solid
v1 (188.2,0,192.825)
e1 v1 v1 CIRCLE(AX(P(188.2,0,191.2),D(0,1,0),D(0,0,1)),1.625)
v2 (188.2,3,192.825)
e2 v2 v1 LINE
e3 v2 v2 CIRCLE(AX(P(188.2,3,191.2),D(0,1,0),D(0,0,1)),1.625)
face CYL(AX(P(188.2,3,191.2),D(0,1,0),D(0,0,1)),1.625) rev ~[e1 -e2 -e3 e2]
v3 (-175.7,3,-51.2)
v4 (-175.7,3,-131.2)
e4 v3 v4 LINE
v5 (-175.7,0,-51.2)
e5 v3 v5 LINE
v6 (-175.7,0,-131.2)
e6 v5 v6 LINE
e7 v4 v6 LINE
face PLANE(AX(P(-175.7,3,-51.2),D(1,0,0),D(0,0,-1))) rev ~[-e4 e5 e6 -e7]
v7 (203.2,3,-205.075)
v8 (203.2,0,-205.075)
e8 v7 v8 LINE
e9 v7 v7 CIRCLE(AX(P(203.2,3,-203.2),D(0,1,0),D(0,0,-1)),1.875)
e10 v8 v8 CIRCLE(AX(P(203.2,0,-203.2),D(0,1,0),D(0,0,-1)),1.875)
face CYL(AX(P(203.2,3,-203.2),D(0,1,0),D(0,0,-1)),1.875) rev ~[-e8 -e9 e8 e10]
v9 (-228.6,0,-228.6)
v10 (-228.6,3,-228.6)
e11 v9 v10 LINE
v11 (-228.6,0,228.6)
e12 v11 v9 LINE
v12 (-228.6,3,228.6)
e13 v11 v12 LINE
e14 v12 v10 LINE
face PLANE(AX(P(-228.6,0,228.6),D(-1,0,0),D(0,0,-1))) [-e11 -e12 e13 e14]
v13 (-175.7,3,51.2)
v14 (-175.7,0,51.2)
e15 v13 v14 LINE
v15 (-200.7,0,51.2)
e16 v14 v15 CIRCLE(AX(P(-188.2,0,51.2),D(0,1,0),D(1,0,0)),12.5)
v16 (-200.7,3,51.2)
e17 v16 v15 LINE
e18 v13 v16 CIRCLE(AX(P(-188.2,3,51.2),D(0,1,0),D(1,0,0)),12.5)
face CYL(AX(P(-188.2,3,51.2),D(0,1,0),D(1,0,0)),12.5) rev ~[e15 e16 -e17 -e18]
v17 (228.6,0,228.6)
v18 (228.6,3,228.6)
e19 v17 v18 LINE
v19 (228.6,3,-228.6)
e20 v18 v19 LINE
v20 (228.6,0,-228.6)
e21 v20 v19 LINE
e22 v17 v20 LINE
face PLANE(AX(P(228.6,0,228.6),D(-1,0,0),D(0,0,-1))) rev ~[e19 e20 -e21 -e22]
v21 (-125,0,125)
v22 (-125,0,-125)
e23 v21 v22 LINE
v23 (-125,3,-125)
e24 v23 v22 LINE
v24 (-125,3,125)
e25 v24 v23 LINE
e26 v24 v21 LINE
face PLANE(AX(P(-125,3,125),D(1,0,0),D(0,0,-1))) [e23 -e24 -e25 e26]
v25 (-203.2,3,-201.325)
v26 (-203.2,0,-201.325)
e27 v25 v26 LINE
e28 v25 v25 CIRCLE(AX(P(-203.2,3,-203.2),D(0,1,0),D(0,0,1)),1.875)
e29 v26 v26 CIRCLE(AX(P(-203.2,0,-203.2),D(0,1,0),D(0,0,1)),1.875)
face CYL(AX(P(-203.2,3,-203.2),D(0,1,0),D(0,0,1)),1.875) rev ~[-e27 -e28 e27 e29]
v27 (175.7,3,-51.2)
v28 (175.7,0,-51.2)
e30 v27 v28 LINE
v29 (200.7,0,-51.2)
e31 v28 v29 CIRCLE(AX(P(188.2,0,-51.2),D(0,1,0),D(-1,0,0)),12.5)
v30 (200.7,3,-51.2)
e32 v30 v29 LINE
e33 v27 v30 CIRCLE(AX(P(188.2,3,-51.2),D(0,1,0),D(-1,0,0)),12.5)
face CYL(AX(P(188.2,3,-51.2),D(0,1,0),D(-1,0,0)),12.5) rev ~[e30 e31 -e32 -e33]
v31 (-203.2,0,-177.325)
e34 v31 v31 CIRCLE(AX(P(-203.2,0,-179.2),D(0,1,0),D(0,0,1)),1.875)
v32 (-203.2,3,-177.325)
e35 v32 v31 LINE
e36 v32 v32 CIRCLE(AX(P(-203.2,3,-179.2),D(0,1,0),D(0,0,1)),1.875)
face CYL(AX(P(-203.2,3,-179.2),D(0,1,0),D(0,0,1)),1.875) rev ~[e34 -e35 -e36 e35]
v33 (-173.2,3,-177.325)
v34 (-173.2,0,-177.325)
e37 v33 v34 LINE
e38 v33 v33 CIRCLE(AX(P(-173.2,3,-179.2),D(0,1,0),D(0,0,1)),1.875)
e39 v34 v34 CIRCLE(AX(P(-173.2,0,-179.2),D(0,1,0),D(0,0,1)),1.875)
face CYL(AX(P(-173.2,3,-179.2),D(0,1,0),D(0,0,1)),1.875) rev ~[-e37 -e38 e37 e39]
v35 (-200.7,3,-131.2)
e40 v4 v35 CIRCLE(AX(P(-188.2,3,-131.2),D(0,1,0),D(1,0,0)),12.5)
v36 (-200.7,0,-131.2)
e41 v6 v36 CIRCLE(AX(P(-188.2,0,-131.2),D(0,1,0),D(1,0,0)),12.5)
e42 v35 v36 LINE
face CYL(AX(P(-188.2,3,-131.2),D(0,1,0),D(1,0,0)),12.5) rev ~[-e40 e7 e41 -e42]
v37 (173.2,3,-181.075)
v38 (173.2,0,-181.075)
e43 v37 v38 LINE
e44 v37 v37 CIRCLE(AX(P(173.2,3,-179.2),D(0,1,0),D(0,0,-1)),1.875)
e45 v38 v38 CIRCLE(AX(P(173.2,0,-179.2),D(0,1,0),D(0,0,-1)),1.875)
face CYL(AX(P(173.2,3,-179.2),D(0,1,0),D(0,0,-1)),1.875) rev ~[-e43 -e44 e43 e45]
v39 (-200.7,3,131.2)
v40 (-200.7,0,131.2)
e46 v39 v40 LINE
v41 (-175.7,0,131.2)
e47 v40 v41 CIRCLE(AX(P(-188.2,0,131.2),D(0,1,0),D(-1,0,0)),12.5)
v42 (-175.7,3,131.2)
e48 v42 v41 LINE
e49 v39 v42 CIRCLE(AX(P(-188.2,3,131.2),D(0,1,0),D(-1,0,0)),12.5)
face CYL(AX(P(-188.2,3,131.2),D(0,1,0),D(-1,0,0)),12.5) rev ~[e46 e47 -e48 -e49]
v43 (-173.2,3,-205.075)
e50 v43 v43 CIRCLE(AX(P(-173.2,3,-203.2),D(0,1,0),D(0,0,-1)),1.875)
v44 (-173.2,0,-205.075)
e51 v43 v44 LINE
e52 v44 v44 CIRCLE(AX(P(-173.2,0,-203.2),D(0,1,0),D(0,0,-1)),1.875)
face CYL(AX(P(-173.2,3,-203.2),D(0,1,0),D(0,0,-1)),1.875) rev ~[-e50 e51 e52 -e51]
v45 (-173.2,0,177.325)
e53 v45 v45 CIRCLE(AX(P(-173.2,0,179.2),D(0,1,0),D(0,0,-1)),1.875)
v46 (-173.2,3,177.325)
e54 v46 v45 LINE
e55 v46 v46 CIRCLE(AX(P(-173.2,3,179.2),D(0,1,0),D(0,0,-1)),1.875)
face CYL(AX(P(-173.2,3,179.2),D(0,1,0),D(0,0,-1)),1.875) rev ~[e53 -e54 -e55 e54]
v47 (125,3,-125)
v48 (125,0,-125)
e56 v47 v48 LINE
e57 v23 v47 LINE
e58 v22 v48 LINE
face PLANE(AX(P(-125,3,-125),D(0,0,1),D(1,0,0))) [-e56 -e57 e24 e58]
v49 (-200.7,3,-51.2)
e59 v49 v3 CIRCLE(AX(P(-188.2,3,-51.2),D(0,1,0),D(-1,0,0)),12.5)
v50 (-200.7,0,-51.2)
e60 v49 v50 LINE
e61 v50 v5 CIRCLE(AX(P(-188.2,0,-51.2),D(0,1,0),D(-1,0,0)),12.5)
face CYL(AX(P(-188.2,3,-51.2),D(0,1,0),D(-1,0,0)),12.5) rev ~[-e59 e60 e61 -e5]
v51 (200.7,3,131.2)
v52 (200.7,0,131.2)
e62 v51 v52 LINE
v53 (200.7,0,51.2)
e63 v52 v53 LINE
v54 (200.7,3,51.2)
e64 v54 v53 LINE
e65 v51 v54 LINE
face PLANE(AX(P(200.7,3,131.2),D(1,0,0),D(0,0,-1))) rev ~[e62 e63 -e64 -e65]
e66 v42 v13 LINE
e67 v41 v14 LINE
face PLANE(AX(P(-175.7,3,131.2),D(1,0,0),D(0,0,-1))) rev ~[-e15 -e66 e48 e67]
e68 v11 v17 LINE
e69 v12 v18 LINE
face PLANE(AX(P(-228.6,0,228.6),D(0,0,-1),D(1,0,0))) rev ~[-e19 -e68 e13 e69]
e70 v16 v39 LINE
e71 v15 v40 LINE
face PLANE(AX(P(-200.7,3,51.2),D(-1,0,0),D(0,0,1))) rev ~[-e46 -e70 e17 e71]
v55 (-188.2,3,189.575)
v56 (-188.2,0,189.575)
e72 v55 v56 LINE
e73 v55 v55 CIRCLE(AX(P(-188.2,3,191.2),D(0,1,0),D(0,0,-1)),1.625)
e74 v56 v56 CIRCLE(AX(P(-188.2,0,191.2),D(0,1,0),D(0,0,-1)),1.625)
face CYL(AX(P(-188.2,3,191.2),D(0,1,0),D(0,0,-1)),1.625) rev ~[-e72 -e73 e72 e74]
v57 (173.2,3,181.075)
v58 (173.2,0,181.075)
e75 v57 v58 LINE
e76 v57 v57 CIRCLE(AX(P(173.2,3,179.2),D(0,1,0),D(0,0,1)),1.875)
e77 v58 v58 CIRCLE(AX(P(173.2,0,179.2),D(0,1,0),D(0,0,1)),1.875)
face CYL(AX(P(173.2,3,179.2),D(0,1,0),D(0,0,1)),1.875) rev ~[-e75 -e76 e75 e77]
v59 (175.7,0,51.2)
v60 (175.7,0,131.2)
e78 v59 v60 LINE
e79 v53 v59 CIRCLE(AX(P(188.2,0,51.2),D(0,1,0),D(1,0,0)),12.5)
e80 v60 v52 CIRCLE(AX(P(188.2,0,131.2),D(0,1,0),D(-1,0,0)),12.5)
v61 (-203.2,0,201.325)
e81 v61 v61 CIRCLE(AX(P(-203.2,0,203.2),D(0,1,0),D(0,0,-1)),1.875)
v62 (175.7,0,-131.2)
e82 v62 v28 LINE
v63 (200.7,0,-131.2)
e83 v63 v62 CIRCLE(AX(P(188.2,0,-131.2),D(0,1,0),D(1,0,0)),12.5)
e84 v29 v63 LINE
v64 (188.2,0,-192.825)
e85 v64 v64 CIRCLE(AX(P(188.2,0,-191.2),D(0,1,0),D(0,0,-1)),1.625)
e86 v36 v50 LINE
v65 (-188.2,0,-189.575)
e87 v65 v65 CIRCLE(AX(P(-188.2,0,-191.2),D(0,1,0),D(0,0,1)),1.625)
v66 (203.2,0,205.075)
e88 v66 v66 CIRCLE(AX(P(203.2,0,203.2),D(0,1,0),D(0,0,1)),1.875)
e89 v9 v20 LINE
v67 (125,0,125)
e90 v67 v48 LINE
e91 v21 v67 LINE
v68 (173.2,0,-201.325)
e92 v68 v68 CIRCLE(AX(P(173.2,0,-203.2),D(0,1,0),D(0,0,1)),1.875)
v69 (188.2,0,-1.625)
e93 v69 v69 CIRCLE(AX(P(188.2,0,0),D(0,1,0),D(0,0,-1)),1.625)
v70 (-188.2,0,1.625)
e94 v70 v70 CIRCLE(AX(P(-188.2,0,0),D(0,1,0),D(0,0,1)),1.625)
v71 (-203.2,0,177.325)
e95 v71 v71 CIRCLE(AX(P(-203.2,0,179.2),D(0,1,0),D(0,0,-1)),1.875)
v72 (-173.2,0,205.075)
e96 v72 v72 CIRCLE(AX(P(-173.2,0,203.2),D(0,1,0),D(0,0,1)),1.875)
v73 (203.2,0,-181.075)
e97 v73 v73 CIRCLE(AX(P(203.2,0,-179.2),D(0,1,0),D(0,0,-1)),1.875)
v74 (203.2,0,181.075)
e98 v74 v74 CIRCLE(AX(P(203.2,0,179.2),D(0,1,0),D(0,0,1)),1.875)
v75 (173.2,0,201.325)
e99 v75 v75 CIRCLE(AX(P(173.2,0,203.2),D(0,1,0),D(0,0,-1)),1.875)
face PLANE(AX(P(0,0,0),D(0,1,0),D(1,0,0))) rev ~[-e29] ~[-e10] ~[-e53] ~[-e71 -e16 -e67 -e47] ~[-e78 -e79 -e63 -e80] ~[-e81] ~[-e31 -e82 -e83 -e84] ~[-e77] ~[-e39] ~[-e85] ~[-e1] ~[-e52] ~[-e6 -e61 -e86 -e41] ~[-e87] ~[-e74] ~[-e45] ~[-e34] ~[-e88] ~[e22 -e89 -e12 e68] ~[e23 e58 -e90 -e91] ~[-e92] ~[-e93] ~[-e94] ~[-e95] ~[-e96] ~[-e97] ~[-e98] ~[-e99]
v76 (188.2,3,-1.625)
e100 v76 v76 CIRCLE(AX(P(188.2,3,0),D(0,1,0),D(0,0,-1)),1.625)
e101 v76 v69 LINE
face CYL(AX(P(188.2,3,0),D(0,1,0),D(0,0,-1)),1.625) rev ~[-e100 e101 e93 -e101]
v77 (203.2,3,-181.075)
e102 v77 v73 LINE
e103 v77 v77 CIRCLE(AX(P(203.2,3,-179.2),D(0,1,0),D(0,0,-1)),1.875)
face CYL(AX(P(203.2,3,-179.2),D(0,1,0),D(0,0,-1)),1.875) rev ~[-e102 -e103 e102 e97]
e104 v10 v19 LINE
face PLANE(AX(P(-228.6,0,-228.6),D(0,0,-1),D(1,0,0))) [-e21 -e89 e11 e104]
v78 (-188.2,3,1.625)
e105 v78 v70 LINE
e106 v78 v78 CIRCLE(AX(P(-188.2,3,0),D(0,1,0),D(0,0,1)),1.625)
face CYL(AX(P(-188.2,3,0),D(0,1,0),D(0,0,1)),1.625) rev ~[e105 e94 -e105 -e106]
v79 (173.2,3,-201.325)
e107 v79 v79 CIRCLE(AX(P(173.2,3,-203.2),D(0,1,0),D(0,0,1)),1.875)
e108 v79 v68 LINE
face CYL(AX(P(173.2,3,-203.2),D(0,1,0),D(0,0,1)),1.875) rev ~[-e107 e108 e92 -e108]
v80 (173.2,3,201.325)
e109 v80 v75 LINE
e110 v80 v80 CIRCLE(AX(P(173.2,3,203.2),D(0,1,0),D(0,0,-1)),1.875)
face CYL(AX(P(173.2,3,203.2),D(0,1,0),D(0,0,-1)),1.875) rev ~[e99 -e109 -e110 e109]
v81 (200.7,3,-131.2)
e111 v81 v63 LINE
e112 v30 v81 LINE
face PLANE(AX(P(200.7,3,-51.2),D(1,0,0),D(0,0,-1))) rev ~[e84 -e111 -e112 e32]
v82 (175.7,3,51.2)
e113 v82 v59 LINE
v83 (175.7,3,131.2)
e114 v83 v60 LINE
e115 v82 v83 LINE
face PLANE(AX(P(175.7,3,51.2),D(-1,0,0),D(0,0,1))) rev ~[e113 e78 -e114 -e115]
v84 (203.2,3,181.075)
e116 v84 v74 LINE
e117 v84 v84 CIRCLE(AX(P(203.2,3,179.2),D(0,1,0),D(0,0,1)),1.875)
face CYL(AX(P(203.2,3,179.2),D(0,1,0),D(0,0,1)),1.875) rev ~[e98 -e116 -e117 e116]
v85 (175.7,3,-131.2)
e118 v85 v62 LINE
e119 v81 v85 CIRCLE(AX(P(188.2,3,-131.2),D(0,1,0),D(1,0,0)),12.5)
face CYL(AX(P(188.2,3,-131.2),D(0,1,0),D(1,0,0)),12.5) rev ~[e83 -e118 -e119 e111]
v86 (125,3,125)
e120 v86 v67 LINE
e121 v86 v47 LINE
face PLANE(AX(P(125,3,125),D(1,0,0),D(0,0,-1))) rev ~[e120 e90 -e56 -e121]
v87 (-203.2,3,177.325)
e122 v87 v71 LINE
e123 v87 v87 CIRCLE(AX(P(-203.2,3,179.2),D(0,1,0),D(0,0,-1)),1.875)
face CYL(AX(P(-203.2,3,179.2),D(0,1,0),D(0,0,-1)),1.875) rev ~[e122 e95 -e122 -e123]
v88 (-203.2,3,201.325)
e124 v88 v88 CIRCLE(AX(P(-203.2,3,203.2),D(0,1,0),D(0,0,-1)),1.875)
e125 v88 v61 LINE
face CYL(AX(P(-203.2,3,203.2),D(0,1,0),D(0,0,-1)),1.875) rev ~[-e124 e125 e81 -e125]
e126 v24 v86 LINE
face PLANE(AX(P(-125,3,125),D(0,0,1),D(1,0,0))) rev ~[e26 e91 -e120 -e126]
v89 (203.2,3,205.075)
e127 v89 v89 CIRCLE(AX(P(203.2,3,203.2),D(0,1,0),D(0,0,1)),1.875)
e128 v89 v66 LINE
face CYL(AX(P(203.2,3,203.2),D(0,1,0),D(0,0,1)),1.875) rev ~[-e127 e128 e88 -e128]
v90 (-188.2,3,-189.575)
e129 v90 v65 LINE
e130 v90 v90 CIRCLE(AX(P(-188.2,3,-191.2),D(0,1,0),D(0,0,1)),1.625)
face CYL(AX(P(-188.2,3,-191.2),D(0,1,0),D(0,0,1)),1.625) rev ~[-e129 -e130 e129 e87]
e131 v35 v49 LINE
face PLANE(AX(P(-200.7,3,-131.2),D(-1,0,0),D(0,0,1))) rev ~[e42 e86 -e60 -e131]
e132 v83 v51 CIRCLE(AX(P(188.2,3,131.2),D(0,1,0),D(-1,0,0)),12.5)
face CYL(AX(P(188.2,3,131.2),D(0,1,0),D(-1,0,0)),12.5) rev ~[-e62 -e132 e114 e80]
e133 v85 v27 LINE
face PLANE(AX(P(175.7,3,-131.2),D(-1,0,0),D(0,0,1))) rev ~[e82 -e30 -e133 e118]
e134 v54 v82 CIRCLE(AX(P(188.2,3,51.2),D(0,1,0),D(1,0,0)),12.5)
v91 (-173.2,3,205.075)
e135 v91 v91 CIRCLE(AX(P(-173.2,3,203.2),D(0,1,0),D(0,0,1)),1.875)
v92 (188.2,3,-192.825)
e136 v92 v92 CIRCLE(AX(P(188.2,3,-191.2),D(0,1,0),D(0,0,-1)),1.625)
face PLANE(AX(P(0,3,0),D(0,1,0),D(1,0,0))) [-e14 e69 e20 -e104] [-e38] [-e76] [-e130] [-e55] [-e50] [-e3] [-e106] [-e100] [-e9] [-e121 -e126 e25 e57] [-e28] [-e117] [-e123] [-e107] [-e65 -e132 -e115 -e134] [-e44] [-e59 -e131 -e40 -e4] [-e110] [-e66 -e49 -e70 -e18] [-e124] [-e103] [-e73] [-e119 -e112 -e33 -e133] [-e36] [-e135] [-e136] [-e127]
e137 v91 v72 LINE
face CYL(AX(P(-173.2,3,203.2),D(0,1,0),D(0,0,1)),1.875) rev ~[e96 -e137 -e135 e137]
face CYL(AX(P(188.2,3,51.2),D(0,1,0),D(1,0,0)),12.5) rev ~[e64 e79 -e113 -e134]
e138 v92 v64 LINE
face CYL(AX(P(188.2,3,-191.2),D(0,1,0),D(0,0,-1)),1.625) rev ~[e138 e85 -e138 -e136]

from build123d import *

# Parameters (mm, degrees)
SKETCH1_W           = 457.2
SKETCH1_H           = 457.2
BOSS_EXTRUDE1_DEPTH = 3
SKETCH2_R           = 1.875
CUT_EXTRUDE2_DEPTH  = 324.303139484
SKETCH3_R           = 1.625
CUT_EXTRUDE3_DEPTH  = 324.303139484
CUT_EXTRUDE4_DEPTH  = 324.303139484
SKETCH5_W           = 250
SKETCH5_H           = 250
CUT_EXTRUDE5_DEPTH  = 324.303139484


with BuildPart() as part:
    # Sketch1 → Boss-Extrude1 (new body)
    with BuildSketch(Plane(origin=(0, 0, 0), x_dir=(1, 0, 0), z_dir=(0, 1, 0))):
        Rectangle(SKETCH1_W, SKETCH1_H)
    extrude(amount=BOSS_EXTRUDE1_DEPTH)

    # Sketch2 → Cut-Extrude2 (cut, through all)
    with BuildSketch(Plane(origin=(0, 3, 0), x_dir=(1, 0, 0), z_dir=(0, 1, 0))):
        with Locations(Location((-173.2, 203.2, 0), (0, 0, 90))):
            Circle(SKETCH2_R)
        with Locations(Location((173.2, 203.2, 0), (0, 0, 270))):
            Circle(SKETCH2_R)
        with Locations(Location((-173.2, -203.2, 0), (0, 0, 270))):
            Circle(SKETCH2_R)
        with Locations(Location((-203.2, 203.2, 0), (0, 0, 270))):
            Circle(SKETCH2_R)
        with Locations(Location((-203.2, 179.2, 0), (0, 0, 270))):
            Circle(SKETCH2_R)
        with Locations(Location((-173.2, 179.2, 0), (0, 0, 270))):
            Circle(SKETCH2_R)
        with Locations(Location((-173.2, -179.2, 0), (0, 0, 90))):
            Circle(SKETCH2_R)
        with Locations(Location((-203.2, -179.2, 0), (0, 0, 90))):
            Circle(SKETCH2_R)
        with Locations(Location((-203.2, -203.2, 0), (0, 0, 90))):
            Circle(SKETCH2_R)
        with Locations(Location((173.2, 179.2, 0), (0, 0, 90))):
            Circle(SKETCH2_R)
        with Locations(Location((203.2, 179.2, 0), (0, 0, 90))):
            Circle(SKETCH2_R)
        with Locations(Location((203.2, 203.2, 0), (0, 0, 90))):
            Circle(SKETCH2_R)
        with Locations(Location((203.2, -203.2, 0), (0, 0, 270))):
            Circle(SKETCH2_R)
        with Locations(Location((203.2, -179.2, 0), (0, 0, 270))):
            Circle(SKETCH2_R)
        with Locations(Location((173.2, -179.2, 0), (0, 0, 270))):
            Circle(SKETCH2_R)
        with Locations(Location((173.2, -203.2, 0), (0, 0, 90))):
            Circle(SKETCH2_R)
    extrude(amount=-CUT_EXTRUDE2_DEPTH, mode=Mode.SUBTRACT)

    # Sketch3 → Cut-Extrude3 (cut, through all)
    with BuildSketch(Plane(origin=(0, 3, 0), x_dir=(1, 0, 0), z_dir=(0, 1, 0))):
        with Locations(Location((-188.2, 191.2, 0), (0, 0, 270))):
            Circle(SKETCH3_R)
        with Locations(Location((-188.2, -191.2, 0), (0, 0, 90))):
            Circle(SKETCH3_R)
        with Locations(Location((188.2, 191.2, 0), (0, 0, 90))):
            Circle(SKETCH3_R)
        with Locations(Location((188.2, -191.2, 0), (0, 0, 270))):
            Circle(SKETCH3_R)
        with Locations(Location((-188.2, 0, 0), (0, 0, 270))):
            Circle(SKETCH3_R)
        with Locations(Location((188.2, 0, 0), (0, 0, 90))):
            Circle(SKETCH3_R)
    extrude(amount=-CUT_EXTRUDE3_DEPTH, mode=Mode.SUBTRACT)

    # Sketch4 → Cut-Extrude4 (cut, through all)
    with BuildSketch(Plane(origin=(0, 3, 0), x_dir=(1, 0, 0), z_dir=(0, 1, 0))):
        with BuildLine():
            Line((-200.7, 131.2), (-200.7, 51.2))
            ThreePointArc((-200.7, 51.2), (-188.2, 38.7), (-175.7, 51.2))
            Line((-175.7, 51.2), (-175.7, 131.2))
            ThreePointArc((-175.7, 131.2), (-188.2, 143.7), (-200.7, 131.2))
        make_face()
        with BuildLine():
            Line((-175.7, -131.2), (-175.7, -51.2))
            ThreePointArc((-175.7, -51.2), (-188.2, -38.7), (-200.7, -51.2))
            Line((-200.7, -51.2), (-200.7, -131.2))
            ThreePointArc((-200.7, -131.2), (-188.2, -143.7), (-175.7, -131.2))
        make_face()
        with BuildLine():
            Line((200.7, -131.2), (200.7, -51.2))
            ThreePointArc((200.7, -51.2), (188.2, -38.7), (175.7, -51.2))
            Line((175.7, -51.2), (175.7, -131.2))
            ThreePointArc((175.7, -131.2), (188.2, -143.7), (200.7, -131.2))
        make_face()
        with BuildLine():
            Line((175.7, 131.2), (175.7, 51.2))
            ThreePointArc((175.7, 51.2), (188.2, 38.7), (200.7, 51.2))
            Line((200.7, 51.2), (200.7, 131.2))
            ThreePointArc((200.7, 131.2), (188.2, 143.7), (175.7, 131.2))
        make_face()
    extrude(amount=-CUT_EXTRUDE4_DEPTH, mode=Mode.SUBTRACT)

    # Sketch5 → Cut-Extrude5 (cut, through all)
    with BuildSketch(Plane(origin=(0, 3, 0), x_dir=(1, 0, 0), z_dir=(0, 1, 0))):
        Rectangle(SKETCH5_W, SKETCH5_H)
    extrude(amount=-CUT_EXTRUDE5_DEPTH, mode=Mode.SUBTRACT)


solid = part.part
